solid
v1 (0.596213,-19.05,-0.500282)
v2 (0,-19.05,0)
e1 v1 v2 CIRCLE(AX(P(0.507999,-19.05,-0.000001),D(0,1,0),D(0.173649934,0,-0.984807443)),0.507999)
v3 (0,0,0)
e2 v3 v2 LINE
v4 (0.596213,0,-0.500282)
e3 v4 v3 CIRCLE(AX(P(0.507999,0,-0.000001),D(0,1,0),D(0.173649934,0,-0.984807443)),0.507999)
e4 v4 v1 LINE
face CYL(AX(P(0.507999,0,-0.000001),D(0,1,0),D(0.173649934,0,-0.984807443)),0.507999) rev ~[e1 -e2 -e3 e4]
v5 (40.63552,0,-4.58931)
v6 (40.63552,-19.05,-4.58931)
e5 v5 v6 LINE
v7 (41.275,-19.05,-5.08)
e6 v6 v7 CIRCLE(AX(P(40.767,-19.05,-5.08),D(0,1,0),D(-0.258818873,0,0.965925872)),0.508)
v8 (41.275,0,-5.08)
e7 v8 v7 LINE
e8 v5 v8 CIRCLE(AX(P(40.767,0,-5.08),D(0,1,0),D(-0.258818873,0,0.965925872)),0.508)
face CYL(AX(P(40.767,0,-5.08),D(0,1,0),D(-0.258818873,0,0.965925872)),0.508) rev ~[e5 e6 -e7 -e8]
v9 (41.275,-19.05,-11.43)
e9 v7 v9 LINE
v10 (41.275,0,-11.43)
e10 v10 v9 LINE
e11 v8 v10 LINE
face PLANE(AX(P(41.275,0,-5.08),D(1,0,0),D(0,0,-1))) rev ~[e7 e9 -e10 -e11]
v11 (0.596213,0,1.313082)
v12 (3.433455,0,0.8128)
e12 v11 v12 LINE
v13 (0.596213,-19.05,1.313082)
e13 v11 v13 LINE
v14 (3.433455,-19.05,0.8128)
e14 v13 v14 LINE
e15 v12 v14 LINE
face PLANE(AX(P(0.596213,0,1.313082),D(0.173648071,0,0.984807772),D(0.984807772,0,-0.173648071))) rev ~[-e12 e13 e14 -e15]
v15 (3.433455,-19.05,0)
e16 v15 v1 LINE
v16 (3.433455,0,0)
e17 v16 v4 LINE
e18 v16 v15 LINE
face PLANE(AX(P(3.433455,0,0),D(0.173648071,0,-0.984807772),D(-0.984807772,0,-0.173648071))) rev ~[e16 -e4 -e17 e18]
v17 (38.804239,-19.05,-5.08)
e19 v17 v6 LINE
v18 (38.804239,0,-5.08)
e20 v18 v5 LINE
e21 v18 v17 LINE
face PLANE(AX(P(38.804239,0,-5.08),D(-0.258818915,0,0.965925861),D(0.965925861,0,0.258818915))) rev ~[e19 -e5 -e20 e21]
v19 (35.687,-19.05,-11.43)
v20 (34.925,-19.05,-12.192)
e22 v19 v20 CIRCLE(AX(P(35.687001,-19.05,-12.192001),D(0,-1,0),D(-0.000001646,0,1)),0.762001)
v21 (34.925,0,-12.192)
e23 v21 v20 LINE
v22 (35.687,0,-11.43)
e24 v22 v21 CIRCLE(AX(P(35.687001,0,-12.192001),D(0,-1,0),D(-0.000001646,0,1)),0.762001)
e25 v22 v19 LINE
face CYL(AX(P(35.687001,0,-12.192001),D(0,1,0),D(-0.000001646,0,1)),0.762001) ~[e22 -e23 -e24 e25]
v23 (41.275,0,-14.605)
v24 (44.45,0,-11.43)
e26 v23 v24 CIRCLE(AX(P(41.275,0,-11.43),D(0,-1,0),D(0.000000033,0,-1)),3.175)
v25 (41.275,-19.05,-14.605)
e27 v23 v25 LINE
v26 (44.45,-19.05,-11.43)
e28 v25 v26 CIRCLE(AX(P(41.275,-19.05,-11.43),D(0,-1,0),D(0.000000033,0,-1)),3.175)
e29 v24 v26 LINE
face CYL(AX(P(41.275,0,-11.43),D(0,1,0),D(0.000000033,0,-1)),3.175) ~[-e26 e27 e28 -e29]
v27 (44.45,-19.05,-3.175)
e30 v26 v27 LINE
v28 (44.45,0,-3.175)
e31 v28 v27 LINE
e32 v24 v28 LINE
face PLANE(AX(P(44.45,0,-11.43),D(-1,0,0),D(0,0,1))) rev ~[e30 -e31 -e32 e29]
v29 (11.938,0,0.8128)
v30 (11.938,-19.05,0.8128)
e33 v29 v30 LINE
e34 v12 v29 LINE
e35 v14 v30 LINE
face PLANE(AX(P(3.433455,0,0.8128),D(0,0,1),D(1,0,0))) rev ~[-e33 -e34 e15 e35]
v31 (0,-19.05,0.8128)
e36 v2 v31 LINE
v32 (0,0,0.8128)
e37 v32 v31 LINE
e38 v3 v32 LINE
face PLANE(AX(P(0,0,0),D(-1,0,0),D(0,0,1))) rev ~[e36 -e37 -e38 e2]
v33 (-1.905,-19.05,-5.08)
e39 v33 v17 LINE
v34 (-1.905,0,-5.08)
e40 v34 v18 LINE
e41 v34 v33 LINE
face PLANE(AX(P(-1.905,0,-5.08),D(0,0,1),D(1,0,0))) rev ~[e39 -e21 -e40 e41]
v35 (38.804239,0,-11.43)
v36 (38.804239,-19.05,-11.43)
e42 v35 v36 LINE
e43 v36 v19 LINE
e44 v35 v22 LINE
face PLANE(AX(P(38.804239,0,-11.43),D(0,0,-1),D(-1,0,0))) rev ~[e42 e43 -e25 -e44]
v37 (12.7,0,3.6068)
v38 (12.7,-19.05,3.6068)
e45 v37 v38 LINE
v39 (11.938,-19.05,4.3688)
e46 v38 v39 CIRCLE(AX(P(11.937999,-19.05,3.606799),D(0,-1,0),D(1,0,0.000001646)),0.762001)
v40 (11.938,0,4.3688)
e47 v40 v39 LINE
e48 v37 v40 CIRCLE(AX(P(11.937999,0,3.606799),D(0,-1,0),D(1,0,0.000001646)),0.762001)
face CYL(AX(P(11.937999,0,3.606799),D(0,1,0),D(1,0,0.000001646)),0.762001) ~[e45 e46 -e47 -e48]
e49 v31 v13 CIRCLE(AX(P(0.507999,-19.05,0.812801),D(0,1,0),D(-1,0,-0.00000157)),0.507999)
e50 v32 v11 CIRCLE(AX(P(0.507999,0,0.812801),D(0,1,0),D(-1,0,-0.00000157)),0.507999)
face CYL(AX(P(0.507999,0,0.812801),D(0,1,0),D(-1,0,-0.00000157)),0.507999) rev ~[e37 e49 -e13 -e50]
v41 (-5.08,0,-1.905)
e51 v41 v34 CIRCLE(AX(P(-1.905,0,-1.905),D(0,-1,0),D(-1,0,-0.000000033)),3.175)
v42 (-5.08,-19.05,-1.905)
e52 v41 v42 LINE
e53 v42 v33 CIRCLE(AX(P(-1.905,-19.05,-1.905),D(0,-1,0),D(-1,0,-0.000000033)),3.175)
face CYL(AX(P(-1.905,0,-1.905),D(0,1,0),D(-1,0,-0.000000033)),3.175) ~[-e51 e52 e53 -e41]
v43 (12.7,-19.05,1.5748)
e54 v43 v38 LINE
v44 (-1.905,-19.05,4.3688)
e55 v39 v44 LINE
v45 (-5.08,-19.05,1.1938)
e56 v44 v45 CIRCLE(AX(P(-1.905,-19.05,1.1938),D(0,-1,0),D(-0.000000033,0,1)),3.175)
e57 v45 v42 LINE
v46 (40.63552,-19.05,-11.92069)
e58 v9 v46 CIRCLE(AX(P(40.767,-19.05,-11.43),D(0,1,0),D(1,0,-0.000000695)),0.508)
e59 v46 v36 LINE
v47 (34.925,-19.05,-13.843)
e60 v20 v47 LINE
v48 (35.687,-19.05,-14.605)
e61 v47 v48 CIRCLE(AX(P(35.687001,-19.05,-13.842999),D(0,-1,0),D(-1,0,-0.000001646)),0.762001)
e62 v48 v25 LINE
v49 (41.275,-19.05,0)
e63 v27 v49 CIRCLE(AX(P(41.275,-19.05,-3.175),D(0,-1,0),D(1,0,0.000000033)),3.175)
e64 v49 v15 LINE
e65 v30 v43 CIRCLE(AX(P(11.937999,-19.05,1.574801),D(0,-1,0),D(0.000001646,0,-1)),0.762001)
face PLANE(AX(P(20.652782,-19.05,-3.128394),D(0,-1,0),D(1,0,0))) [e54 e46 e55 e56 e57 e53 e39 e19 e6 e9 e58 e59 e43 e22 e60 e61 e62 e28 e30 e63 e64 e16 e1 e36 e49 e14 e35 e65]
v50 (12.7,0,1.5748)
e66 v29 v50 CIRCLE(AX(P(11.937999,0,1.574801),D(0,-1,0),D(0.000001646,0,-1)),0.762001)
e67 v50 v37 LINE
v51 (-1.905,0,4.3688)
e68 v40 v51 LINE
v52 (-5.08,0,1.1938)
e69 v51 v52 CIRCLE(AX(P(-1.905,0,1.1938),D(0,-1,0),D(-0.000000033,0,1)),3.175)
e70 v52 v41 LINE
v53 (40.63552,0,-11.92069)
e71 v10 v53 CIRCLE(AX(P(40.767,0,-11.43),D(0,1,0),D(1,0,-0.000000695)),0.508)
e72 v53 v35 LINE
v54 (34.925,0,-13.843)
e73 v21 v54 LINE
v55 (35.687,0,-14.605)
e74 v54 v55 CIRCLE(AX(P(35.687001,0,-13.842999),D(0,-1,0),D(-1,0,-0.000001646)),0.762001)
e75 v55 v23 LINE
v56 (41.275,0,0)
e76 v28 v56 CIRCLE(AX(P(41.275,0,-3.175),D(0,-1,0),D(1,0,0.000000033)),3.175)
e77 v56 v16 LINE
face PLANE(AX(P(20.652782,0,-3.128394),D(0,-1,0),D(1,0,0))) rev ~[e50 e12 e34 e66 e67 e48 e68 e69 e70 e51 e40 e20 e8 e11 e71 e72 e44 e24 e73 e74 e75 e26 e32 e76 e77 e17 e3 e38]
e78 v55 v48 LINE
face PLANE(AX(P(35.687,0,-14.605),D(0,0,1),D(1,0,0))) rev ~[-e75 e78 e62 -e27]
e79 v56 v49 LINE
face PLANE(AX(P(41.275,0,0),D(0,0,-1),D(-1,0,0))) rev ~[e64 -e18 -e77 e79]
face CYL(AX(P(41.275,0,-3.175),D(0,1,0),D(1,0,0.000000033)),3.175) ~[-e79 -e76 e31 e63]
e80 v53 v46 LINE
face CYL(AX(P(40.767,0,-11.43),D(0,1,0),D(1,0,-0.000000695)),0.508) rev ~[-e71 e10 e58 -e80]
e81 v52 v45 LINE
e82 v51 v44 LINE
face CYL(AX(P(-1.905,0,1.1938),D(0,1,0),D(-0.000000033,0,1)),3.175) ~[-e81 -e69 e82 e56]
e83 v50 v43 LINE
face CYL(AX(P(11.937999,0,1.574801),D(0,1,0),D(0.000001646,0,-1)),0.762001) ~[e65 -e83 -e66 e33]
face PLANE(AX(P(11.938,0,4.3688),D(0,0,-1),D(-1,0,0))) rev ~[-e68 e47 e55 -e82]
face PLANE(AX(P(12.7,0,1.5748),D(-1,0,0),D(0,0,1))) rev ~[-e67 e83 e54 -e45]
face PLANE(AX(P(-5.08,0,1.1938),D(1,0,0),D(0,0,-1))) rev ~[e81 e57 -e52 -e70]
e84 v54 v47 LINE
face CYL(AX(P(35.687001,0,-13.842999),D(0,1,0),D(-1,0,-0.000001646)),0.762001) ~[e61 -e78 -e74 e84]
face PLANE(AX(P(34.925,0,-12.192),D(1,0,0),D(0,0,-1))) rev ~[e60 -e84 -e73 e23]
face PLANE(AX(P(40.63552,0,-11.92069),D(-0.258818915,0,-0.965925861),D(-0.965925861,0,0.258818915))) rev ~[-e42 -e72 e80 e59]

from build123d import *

# Parameters (mm, degrees)
F1_DEPTH = 19.05


with BuildPart() as f1:
    # F0 (on Front) → F1 (new body)
    with BuildSketch(Plane.XZ):
        with BuildLine():
            Line((3.433455, 0.8128), (11.938, 0.8128))
            ThreePointArc((11.938, 0.8128), (12.476815, 1.035985), (12.7, 1.5748))
            Line((12.7, 1.5748), (12.7, 3.6068))
            ThreePointArc((12.7, 3.6068), (12.476815, 4.145615), (11.938, 4.3688))
            Line((11.938, 4.3688), (-1.905, 4.3688))
            ThreePointArc((-1.905, 4.3688), (-4.150064, 3.438864), (-5.08, 1.1938))
            Line((-5.08, 1.1938), (-5.08, -1.905))
            ThreePointArc((-5.08, -1.905), (-4.150064, -4.150064), (-1.905, -5.08))
            Line((-1.905, -5.08), (38.804239, -5.08))
            Line((38.804239, -5.08), (40.63552, -4.58931))
            ThreePointArc((40.63552, -4.58931), (41.076251, -4.676977), (41.275, -5.08))
            Line((41.275, -5.08), (41.275, -11.43))
            ThreePointArc((41.275, -11.43), (41.076251, -11.833023), (40.63552, -11.92069))
            Line((40.63552, -11.92069), (38.804239, -11.43))
            Line((38.804239, -11.43), (35.687, -11.43))
            ThreePointArc((35.687, -11.43), (35.148185, -11.653185), (34.925, -12.192))
            Line((34.925, -12.192), (34.925, -13.843))
            ThreePointArc((34.925, -13.843), (35.148185, -14.381815), (35.687, -14.605))
            Line((35.687, -14.605), (41.275, -14.605))
            ThreePointArc((41.275, -14.605), (43.520064, -13.675064), (44.45, -11.43))
            Line((44.45, -11.43), (44.45, -3.175))
            ThreePointArc((44.45, -3.175), (43.520064, -0.929936), (41.275, 0))
            Line((41.275, 0), (3.433455, 0))
            Line((3.433455, 0), (0.596213, -0.500282))
            ThreePointArc((0.596213, -0.500282), (0.181464, -0.389151), (0, 0))
            Line((0, 0), (0, 0.8128))
            ThreePointArc((0, 0.8128), (0.181464, 1.201951), (0.596213, 1.313082))
            Line((0.596213, 1.313082), (3.433455, 0.8128))
        make_face()
    extrude(amount=F1_DEPTH)


solid = f1.part
